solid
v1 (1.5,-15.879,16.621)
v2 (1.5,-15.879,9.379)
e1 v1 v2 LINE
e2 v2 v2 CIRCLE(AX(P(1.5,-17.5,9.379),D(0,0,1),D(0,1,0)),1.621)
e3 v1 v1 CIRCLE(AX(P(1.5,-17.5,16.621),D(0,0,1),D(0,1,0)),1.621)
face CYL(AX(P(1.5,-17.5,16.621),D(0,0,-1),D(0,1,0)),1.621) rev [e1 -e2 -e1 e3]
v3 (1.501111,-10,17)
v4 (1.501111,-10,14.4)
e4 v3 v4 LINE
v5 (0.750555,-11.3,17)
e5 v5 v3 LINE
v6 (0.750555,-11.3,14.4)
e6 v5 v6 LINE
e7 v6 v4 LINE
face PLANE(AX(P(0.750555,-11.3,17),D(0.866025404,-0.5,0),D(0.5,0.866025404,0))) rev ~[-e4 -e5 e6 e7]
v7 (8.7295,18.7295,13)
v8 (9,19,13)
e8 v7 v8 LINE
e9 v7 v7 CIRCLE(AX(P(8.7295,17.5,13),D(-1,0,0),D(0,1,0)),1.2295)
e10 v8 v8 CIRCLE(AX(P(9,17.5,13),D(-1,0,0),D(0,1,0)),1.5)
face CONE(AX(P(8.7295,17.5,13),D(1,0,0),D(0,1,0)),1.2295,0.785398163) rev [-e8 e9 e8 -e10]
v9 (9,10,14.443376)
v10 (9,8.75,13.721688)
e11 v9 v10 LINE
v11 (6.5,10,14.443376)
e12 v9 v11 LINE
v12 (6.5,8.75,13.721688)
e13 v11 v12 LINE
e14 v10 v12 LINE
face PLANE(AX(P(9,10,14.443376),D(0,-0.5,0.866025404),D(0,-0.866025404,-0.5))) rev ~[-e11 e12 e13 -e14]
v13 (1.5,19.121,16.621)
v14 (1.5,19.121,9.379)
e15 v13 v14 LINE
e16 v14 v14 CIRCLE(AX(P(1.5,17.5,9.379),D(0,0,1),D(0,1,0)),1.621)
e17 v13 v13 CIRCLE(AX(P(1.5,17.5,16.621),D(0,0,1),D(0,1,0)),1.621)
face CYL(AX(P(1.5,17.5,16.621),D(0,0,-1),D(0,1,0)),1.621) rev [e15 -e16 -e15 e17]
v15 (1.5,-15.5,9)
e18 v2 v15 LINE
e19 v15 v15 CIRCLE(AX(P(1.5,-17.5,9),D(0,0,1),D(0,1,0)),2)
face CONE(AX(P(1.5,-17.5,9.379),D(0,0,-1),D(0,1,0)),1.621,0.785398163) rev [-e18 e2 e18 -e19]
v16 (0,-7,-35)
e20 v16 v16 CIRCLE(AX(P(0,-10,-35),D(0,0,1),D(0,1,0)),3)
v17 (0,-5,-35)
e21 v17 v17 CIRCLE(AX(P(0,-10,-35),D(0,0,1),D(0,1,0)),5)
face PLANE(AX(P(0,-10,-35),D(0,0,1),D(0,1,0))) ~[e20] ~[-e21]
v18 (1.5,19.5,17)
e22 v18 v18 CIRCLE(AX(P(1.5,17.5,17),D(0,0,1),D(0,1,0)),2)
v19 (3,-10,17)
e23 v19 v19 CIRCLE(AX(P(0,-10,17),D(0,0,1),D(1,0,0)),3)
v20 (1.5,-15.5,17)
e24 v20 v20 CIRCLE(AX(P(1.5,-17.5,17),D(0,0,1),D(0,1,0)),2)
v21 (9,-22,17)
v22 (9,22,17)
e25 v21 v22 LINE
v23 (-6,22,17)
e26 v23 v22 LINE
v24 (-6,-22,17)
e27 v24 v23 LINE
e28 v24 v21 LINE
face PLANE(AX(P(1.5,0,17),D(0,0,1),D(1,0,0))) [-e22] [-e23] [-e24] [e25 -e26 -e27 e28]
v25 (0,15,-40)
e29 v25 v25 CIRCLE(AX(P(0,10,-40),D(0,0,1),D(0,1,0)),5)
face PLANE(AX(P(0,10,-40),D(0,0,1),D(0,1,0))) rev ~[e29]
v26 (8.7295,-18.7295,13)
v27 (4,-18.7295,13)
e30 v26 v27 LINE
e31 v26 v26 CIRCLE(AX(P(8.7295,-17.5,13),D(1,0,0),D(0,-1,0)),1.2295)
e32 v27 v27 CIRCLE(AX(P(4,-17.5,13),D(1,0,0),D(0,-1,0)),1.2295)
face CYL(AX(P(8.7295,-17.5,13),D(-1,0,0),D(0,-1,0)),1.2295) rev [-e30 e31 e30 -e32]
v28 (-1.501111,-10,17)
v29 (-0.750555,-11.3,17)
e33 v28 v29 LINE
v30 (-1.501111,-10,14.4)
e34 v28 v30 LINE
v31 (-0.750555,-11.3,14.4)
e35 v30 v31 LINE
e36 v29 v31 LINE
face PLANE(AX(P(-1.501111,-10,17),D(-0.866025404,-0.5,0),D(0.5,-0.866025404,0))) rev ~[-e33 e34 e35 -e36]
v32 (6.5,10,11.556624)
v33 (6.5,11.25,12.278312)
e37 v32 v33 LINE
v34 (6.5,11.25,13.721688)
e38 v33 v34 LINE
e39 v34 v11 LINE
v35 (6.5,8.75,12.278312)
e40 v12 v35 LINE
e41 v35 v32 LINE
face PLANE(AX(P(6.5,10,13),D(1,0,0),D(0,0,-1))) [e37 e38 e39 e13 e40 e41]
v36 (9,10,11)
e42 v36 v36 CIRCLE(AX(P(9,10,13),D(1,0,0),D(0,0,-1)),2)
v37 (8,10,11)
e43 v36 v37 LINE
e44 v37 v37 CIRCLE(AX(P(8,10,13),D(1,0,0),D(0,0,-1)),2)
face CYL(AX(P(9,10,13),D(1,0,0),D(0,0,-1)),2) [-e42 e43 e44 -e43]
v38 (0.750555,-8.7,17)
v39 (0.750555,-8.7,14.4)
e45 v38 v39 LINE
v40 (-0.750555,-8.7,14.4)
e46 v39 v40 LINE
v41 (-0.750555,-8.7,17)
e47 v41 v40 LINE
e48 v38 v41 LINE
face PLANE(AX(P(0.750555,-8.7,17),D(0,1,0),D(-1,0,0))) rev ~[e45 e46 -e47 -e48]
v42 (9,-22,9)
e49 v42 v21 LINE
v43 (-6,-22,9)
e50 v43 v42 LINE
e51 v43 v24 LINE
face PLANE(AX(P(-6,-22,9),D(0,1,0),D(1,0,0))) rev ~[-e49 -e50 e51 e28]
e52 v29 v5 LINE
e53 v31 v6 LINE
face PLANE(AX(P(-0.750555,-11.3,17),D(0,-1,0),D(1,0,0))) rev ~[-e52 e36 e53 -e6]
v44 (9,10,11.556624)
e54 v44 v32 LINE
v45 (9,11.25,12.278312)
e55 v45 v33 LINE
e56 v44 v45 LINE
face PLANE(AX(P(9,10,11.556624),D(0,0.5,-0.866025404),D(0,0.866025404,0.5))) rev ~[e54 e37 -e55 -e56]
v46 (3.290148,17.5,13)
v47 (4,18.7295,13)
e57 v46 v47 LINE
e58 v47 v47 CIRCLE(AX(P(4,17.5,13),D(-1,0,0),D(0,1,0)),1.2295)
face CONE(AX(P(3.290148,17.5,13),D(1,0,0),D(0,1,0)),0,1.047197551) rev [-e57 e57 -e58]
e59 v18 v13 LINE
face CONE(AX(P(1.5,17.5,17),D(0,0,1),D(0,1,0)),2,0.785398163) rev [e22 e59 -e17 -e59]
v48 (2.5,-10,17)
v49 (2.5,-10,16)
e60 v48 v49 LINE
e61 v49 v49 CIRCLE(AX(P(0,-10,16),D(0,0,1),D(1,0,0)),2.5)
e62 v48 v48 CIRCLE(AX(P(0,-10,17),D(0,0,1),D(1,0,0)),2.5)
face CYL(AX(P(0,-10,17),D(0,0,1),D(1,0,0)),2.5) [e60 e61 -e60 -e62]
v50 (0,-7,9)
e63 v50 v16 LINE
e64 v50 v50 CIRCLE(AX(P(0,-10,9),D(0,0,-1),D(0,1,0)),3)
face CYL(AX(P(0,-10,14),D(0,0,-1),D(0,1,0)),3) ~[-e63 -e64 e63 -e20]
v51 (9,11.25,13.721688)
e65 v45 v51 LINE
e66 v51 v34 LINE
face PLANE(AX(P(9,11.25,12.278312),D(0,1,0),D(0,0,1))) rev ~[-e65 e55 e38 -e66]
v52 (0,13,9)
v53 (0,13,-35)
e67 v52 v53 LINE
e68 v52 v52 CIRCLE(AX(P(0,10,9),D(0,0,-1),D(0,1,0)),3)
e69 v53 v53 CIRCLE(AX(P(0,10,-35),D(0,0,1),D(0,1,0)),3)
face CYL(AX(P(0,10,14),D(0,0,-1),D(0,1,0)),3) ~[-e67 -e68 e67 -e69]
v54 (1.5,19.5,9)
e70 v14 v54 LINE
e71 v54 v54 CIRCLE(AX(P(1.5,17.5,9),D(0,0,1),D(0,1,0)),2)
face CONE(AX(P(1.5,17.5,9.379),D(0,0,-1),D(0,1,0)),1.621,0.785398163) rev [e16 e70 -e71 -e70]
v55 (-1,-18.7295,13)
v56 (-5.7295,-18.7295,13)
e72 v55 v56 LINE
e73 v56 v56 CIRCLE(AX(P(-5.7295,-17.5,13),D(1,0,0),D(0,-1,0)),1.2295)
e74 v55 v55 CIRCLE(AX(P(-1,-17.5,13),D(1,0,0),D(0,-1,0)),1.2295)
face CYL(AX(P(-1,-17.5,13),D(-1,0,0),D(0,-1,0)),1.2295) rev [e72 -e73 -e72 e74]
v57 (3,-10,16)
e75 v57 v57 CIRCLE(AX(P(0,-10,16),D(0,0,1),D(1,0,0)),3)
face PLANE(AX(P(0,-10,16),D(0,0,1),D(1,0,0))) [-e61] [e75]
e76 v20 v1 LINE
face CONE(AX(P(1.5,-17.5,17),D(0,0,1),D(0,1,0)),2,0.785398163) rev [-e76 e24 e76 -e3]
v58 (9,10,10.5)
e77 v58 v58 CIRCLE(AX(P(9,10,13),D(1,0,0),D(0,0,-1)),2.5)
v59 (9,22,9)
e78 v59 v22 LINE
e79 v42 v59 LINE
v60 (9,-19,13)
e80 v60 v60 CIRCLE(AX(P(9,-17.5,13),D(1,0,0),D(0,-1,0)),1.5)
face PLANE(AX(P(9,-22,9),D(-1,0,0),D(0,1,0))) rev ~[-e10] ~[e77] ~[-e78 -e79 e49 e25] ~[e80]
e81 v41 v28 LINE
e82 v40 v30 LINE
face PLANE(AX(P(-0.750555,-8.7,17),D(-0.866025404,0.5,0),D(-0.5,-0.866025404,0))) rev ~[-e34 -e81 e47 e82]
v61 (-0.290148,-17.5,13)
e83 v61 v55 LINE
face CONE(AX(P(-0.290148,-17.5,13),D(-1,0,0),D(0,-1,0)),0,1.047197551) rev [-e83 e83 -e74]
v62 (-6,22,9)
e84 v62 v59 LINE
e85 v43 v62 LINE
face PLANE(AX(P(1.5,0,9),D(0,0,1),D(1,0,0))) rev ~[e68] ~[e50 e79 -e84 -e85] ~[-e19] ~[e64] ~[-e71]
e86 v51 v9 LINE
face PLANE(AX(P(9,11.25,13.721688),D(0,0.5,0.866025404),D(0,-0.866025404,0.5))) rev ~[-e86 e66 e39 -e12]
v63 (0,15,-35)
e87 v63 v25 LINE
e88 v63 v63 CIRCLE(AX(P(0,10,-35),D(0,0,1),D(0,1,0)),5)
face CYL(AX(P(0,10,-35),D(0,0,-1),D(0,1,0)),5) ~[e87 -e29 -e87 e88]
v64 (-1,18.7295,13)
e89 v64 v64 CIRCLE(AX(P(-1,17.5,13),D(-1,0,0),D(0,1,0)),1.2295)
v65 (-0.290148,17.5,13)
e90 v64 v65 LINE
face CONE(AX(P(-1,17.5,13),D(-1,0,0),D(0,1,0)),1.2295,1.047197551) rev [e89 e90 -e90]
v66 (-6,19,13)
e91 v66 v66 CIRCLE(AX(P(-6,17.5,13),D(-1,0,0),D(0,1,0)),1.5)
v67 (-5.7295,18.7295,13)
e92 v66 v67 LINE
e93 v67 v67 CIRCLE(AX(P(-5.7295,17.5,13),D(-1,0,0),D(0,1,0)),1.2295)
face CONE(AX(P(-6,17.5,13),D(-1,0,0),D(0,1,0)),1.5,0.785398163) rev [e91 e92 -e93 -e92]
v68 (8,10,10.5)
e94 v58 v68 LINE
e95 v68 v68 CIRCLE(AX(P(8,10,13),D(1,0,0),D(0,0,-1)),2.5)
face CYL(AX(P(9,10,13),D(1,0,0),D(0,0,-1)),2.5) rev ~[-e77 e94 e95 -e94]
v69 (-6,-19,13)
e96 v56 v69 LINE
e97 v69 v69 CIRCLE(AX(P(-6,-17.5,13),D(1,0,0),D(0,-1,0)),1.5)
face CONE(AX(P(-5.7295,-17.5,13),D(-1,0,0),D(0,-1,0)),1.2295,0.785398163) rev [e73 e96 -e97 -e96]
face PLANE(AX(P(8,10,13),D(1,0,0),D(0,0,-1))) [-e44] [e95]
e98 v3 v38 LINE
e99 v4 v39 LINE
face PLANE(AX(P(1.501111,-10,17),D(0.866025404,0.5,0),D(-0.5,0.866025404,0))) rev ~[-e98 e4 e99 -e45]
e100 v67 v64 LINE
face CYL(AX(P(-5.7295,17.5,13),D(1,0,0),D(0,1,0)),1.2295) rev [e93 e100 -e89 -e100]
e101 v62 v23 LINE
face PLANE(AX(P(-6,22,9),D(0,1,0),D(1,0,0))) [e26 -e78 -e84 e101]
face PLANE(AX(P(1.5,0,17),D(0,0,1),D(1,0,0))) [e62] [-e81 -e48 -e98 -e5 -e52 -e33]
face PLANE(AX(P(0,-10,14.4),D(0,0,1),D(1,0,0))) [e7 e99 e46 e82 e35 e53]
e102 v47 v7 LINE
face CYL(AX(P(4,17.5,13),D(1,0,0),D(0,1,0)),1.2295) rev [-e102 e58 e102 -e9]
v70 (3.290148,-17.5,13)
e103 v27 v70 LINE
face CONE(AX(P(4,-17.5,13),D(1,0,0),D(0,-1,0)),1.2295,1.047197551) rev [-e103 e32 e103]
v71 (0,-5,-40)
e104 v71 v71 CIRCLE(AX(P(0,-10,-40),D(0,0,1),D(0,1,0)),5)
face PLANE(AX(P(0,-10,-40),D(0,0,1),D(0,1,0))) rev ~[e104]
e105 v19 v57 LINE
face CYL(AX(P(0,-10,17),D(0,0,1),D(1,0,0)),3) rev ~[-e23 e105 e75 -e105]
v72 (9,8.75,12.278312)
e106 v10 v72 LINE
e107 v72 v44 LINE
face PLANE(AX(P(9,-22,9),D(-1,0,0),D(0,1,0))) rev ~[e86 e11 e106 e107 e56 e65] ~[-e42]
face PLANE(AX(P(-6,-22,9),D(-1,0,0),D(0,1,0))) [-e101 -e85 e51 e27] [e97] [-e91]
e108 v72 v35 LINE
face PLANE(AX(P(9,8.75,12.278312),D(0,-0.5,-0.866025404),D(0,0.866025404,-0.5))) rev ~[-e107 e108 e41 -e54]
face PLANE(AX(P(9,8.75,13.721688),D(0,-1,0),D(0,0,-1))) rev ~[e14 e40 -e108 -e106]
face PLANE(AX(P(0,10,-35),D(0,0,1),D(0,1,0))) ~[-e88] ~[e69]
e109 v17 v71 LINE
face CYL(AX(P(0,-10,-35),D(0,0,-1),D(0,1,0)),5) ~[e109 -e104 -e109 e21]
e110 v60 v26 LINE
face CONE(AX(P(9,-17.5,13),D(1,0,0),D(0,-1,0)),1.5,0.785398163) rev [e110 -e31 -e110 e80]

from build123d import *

# Parameters (mm, degrees)
SKETCH_1_W          = 15
SKETCH_1_H          = 44
EXTRUDE_1_DEPTH     = 8
CUT_EXTRUDE_START   = -1
SKETCH_10_R         = 3
SKETCH_10_R_2       = 2.5
CUT_EXTRUDE_1_DEPTH = 1
CUT_EXTRUDE_2_DEPTH = 2.6
SKETCH_12_R         = 2.5
SKETCH_12_R_2       = 2
CUT_EXTRUDE_3_DEPTH = 1
CUT_EXTRUDE_4_DEPTH = 2.5


with BuildPart() as part:
    # 草图1 → 凸台-拉伸1 (new body)
    with BuildSketch(Plane.XY.offset(9)):
        with Locations((1.5, 0)):
            Rectangle(SKETCH_1_W, SKETCH_1_H)
    extrude(amount=EXTRUDE_1_DEPTH)

    # 草图2 → 旋转1 (revolve)
    with BuildSketch(Plane(origin=(0, 0, 0), x_dir=(0, 0, -1), z_dir=(1, 0, 0))):
        Polygon((-14, 10), (-14, 13), (35, 13), (35, 15), (40, 15), (40, 10), align=None)
    revolve(axis=Axis((0, 10, -40), (0, 0, 1)))

    # 草图3 → 旋转2 (revolve)
    with BuildSketch(Plane(origin=(0, 0, 0), x_dir=(0, 0, -1), z_dir=(1, 0, 0))):
        Polygon((-14, -10), (-14, -7), (35, -7), (35, -5), (40, -5), (40, -10), align=None)
    revolve(axis=Axis((0, -10, -40), (0, 0, 1)))

    # 草图4 → 切除-旋转1 (revolve, cut)
    with BuildSketch(Plane(origin=(1.5, 0, 0), x_dir=(0, 0, -1), z_dir=(1, 0, 0))):
        Polygon((-17, 17.5), (-17, 19.5), (-16.621, 19.121), (-9.379, 19.121), (-9, 19.5), (-9, 17.5), align=None)
    revolve(axis=Axis((1.5, 17.5, 9), (0, 0, 1)), mode=Mode.SUBTRACT)

    # 草图5 → 切除-旋转2 (revolve, cut)
    with BuildSketch(Plane(origin=(1.5, 0, 0), x_dir=(0, 0, -1), z_dir=(1, 0, 0))):
        Polygon((-17, -17.5), (-17, -15.5), (-16.621, -15.879), (-9.379, -15.879), (-9, -15.5), (-9, -17.5), align=None)
    revolve(axis=Axis((1.5, -17.5, 9), (0, 0, 1)), mode=Mode.SUBTRACT)

    # 草图6 → 切除-旋转3 (revolve, cut)
    with BuildSketch(Plane.XY.offset(13)):
        Polygon((-6, 17.5), (-6, 19), (-5.7295, 18.7295), (-1, 18.7295), (-0.290147844, 17.5), align=None)
    revolve(axis=Axis((-0.290147844, 17.5, 13), (-1, 0, 0)), mode=Mode.SUBTRACT)

    # 草图7 → 切除-旋转4 (revolve, cut)
    with BuildSketch(Plane.XY.offset(13)):
        Polygon((-0.290147844, -17.5), (-1, -18.7295), (-5.7295, -18.7295), (-6, -19), (-6, -17.5), align=None)
    revolve(axis=Axis((-6, -17.5, 13), (1, 0, 0)), mode=Mode.SUBTRACT)

    # 草图8 → 切除-旋转5 (revolve, cut)
    with BuildSketch(Plane.XY.offset(13)):
        Polygon((3.290147844, 17.5), (4, 18.7295), (8.7295, 18.7295), (9, 19), (9, 17.5), align=None)
    revolve(axis=Axis((9, 17.5, 13), (-1, 0, 0)), mode=Mode.SUBTRACT)

    # 草图9 → 切除-旋转6 (revolve, cut)
    with BuildSketch(Plane.XY.offset(13)):
        Polygon((9, -17.5), (9, -19), (8.7295, -18.7295), (4, -18.7295), (3.290147844, -17.5), align=None)
    revolve(axis=Axis((3.290147844, -17.5, 13), (1, 0, 0)), mode=Mode.SUBTRACT)

    # 草图10 → 切除-拉伸1 (cut)
    with BuildSketch(Plane.XY.offset(17).offset(CUT_EXTRUDE_START)):
        with Locations((0, -10)):
            Circle(SKETCH_10_R)
        with Locations((0, -10)):
            Circle(SKETCH_10_R_2, mode=Mode.SUBTRACT)
    extrude(amount=CUT_EXTRUDE_1_DEPTH, mode=Mode.SUBTRACT)

    # 草图11 → 切除-拉伸2 (cut)
    with BuildSketch(Plane.XY.offset(17)):
        Polygon((-1.5011107, -10), (-0.75055535, -11.3), (0.75055535, -11.3), (1.5011107, -10), (0.75055535, -8.7), (-0.75055535, -8.7), align=None)
    extrude(amount=-CUT_EXTRUDE_2_DEPTH, mode=Mode.SUBTRACT)

    # 草图12 → 切除-拉伸3 (cut)
    with BuildSketch(Plane(origin=(9, 0, 0), x_dir=(0, 0, -1), z_dir=(1, 0, 0))):
        with Locations((-13, 10)):
            Circle(SKETCH_12_R)
        with Locations((-13, 10)):
            Circle(SKETCH_12_R_2, mode=Mode.SUBTRACT)
    extrude(amount=-CUT_EXTRUDE_3_DEPTH, mode=Mode.SUBTRACT)

    # 草图13 → 切除-拉伸4 (cut)
    with BuildSketch(Plane(origin=(9, 0, 0), x_dir=(0, 0, -1), z_dir=(1, 0, 0))):
        Polygon((-14.443375673, 10), (-13.721687836, 8.75), (-12.278312164, 8.75), (-11.556624327, 10), (-12.278312164, 11.25), (-13.721687836, 11.25), align=None)
    extrude(amount=-CUT_EXTRUDE_4_DEPTH, mode=Mode.SUBTRACT)


solid = part.part
